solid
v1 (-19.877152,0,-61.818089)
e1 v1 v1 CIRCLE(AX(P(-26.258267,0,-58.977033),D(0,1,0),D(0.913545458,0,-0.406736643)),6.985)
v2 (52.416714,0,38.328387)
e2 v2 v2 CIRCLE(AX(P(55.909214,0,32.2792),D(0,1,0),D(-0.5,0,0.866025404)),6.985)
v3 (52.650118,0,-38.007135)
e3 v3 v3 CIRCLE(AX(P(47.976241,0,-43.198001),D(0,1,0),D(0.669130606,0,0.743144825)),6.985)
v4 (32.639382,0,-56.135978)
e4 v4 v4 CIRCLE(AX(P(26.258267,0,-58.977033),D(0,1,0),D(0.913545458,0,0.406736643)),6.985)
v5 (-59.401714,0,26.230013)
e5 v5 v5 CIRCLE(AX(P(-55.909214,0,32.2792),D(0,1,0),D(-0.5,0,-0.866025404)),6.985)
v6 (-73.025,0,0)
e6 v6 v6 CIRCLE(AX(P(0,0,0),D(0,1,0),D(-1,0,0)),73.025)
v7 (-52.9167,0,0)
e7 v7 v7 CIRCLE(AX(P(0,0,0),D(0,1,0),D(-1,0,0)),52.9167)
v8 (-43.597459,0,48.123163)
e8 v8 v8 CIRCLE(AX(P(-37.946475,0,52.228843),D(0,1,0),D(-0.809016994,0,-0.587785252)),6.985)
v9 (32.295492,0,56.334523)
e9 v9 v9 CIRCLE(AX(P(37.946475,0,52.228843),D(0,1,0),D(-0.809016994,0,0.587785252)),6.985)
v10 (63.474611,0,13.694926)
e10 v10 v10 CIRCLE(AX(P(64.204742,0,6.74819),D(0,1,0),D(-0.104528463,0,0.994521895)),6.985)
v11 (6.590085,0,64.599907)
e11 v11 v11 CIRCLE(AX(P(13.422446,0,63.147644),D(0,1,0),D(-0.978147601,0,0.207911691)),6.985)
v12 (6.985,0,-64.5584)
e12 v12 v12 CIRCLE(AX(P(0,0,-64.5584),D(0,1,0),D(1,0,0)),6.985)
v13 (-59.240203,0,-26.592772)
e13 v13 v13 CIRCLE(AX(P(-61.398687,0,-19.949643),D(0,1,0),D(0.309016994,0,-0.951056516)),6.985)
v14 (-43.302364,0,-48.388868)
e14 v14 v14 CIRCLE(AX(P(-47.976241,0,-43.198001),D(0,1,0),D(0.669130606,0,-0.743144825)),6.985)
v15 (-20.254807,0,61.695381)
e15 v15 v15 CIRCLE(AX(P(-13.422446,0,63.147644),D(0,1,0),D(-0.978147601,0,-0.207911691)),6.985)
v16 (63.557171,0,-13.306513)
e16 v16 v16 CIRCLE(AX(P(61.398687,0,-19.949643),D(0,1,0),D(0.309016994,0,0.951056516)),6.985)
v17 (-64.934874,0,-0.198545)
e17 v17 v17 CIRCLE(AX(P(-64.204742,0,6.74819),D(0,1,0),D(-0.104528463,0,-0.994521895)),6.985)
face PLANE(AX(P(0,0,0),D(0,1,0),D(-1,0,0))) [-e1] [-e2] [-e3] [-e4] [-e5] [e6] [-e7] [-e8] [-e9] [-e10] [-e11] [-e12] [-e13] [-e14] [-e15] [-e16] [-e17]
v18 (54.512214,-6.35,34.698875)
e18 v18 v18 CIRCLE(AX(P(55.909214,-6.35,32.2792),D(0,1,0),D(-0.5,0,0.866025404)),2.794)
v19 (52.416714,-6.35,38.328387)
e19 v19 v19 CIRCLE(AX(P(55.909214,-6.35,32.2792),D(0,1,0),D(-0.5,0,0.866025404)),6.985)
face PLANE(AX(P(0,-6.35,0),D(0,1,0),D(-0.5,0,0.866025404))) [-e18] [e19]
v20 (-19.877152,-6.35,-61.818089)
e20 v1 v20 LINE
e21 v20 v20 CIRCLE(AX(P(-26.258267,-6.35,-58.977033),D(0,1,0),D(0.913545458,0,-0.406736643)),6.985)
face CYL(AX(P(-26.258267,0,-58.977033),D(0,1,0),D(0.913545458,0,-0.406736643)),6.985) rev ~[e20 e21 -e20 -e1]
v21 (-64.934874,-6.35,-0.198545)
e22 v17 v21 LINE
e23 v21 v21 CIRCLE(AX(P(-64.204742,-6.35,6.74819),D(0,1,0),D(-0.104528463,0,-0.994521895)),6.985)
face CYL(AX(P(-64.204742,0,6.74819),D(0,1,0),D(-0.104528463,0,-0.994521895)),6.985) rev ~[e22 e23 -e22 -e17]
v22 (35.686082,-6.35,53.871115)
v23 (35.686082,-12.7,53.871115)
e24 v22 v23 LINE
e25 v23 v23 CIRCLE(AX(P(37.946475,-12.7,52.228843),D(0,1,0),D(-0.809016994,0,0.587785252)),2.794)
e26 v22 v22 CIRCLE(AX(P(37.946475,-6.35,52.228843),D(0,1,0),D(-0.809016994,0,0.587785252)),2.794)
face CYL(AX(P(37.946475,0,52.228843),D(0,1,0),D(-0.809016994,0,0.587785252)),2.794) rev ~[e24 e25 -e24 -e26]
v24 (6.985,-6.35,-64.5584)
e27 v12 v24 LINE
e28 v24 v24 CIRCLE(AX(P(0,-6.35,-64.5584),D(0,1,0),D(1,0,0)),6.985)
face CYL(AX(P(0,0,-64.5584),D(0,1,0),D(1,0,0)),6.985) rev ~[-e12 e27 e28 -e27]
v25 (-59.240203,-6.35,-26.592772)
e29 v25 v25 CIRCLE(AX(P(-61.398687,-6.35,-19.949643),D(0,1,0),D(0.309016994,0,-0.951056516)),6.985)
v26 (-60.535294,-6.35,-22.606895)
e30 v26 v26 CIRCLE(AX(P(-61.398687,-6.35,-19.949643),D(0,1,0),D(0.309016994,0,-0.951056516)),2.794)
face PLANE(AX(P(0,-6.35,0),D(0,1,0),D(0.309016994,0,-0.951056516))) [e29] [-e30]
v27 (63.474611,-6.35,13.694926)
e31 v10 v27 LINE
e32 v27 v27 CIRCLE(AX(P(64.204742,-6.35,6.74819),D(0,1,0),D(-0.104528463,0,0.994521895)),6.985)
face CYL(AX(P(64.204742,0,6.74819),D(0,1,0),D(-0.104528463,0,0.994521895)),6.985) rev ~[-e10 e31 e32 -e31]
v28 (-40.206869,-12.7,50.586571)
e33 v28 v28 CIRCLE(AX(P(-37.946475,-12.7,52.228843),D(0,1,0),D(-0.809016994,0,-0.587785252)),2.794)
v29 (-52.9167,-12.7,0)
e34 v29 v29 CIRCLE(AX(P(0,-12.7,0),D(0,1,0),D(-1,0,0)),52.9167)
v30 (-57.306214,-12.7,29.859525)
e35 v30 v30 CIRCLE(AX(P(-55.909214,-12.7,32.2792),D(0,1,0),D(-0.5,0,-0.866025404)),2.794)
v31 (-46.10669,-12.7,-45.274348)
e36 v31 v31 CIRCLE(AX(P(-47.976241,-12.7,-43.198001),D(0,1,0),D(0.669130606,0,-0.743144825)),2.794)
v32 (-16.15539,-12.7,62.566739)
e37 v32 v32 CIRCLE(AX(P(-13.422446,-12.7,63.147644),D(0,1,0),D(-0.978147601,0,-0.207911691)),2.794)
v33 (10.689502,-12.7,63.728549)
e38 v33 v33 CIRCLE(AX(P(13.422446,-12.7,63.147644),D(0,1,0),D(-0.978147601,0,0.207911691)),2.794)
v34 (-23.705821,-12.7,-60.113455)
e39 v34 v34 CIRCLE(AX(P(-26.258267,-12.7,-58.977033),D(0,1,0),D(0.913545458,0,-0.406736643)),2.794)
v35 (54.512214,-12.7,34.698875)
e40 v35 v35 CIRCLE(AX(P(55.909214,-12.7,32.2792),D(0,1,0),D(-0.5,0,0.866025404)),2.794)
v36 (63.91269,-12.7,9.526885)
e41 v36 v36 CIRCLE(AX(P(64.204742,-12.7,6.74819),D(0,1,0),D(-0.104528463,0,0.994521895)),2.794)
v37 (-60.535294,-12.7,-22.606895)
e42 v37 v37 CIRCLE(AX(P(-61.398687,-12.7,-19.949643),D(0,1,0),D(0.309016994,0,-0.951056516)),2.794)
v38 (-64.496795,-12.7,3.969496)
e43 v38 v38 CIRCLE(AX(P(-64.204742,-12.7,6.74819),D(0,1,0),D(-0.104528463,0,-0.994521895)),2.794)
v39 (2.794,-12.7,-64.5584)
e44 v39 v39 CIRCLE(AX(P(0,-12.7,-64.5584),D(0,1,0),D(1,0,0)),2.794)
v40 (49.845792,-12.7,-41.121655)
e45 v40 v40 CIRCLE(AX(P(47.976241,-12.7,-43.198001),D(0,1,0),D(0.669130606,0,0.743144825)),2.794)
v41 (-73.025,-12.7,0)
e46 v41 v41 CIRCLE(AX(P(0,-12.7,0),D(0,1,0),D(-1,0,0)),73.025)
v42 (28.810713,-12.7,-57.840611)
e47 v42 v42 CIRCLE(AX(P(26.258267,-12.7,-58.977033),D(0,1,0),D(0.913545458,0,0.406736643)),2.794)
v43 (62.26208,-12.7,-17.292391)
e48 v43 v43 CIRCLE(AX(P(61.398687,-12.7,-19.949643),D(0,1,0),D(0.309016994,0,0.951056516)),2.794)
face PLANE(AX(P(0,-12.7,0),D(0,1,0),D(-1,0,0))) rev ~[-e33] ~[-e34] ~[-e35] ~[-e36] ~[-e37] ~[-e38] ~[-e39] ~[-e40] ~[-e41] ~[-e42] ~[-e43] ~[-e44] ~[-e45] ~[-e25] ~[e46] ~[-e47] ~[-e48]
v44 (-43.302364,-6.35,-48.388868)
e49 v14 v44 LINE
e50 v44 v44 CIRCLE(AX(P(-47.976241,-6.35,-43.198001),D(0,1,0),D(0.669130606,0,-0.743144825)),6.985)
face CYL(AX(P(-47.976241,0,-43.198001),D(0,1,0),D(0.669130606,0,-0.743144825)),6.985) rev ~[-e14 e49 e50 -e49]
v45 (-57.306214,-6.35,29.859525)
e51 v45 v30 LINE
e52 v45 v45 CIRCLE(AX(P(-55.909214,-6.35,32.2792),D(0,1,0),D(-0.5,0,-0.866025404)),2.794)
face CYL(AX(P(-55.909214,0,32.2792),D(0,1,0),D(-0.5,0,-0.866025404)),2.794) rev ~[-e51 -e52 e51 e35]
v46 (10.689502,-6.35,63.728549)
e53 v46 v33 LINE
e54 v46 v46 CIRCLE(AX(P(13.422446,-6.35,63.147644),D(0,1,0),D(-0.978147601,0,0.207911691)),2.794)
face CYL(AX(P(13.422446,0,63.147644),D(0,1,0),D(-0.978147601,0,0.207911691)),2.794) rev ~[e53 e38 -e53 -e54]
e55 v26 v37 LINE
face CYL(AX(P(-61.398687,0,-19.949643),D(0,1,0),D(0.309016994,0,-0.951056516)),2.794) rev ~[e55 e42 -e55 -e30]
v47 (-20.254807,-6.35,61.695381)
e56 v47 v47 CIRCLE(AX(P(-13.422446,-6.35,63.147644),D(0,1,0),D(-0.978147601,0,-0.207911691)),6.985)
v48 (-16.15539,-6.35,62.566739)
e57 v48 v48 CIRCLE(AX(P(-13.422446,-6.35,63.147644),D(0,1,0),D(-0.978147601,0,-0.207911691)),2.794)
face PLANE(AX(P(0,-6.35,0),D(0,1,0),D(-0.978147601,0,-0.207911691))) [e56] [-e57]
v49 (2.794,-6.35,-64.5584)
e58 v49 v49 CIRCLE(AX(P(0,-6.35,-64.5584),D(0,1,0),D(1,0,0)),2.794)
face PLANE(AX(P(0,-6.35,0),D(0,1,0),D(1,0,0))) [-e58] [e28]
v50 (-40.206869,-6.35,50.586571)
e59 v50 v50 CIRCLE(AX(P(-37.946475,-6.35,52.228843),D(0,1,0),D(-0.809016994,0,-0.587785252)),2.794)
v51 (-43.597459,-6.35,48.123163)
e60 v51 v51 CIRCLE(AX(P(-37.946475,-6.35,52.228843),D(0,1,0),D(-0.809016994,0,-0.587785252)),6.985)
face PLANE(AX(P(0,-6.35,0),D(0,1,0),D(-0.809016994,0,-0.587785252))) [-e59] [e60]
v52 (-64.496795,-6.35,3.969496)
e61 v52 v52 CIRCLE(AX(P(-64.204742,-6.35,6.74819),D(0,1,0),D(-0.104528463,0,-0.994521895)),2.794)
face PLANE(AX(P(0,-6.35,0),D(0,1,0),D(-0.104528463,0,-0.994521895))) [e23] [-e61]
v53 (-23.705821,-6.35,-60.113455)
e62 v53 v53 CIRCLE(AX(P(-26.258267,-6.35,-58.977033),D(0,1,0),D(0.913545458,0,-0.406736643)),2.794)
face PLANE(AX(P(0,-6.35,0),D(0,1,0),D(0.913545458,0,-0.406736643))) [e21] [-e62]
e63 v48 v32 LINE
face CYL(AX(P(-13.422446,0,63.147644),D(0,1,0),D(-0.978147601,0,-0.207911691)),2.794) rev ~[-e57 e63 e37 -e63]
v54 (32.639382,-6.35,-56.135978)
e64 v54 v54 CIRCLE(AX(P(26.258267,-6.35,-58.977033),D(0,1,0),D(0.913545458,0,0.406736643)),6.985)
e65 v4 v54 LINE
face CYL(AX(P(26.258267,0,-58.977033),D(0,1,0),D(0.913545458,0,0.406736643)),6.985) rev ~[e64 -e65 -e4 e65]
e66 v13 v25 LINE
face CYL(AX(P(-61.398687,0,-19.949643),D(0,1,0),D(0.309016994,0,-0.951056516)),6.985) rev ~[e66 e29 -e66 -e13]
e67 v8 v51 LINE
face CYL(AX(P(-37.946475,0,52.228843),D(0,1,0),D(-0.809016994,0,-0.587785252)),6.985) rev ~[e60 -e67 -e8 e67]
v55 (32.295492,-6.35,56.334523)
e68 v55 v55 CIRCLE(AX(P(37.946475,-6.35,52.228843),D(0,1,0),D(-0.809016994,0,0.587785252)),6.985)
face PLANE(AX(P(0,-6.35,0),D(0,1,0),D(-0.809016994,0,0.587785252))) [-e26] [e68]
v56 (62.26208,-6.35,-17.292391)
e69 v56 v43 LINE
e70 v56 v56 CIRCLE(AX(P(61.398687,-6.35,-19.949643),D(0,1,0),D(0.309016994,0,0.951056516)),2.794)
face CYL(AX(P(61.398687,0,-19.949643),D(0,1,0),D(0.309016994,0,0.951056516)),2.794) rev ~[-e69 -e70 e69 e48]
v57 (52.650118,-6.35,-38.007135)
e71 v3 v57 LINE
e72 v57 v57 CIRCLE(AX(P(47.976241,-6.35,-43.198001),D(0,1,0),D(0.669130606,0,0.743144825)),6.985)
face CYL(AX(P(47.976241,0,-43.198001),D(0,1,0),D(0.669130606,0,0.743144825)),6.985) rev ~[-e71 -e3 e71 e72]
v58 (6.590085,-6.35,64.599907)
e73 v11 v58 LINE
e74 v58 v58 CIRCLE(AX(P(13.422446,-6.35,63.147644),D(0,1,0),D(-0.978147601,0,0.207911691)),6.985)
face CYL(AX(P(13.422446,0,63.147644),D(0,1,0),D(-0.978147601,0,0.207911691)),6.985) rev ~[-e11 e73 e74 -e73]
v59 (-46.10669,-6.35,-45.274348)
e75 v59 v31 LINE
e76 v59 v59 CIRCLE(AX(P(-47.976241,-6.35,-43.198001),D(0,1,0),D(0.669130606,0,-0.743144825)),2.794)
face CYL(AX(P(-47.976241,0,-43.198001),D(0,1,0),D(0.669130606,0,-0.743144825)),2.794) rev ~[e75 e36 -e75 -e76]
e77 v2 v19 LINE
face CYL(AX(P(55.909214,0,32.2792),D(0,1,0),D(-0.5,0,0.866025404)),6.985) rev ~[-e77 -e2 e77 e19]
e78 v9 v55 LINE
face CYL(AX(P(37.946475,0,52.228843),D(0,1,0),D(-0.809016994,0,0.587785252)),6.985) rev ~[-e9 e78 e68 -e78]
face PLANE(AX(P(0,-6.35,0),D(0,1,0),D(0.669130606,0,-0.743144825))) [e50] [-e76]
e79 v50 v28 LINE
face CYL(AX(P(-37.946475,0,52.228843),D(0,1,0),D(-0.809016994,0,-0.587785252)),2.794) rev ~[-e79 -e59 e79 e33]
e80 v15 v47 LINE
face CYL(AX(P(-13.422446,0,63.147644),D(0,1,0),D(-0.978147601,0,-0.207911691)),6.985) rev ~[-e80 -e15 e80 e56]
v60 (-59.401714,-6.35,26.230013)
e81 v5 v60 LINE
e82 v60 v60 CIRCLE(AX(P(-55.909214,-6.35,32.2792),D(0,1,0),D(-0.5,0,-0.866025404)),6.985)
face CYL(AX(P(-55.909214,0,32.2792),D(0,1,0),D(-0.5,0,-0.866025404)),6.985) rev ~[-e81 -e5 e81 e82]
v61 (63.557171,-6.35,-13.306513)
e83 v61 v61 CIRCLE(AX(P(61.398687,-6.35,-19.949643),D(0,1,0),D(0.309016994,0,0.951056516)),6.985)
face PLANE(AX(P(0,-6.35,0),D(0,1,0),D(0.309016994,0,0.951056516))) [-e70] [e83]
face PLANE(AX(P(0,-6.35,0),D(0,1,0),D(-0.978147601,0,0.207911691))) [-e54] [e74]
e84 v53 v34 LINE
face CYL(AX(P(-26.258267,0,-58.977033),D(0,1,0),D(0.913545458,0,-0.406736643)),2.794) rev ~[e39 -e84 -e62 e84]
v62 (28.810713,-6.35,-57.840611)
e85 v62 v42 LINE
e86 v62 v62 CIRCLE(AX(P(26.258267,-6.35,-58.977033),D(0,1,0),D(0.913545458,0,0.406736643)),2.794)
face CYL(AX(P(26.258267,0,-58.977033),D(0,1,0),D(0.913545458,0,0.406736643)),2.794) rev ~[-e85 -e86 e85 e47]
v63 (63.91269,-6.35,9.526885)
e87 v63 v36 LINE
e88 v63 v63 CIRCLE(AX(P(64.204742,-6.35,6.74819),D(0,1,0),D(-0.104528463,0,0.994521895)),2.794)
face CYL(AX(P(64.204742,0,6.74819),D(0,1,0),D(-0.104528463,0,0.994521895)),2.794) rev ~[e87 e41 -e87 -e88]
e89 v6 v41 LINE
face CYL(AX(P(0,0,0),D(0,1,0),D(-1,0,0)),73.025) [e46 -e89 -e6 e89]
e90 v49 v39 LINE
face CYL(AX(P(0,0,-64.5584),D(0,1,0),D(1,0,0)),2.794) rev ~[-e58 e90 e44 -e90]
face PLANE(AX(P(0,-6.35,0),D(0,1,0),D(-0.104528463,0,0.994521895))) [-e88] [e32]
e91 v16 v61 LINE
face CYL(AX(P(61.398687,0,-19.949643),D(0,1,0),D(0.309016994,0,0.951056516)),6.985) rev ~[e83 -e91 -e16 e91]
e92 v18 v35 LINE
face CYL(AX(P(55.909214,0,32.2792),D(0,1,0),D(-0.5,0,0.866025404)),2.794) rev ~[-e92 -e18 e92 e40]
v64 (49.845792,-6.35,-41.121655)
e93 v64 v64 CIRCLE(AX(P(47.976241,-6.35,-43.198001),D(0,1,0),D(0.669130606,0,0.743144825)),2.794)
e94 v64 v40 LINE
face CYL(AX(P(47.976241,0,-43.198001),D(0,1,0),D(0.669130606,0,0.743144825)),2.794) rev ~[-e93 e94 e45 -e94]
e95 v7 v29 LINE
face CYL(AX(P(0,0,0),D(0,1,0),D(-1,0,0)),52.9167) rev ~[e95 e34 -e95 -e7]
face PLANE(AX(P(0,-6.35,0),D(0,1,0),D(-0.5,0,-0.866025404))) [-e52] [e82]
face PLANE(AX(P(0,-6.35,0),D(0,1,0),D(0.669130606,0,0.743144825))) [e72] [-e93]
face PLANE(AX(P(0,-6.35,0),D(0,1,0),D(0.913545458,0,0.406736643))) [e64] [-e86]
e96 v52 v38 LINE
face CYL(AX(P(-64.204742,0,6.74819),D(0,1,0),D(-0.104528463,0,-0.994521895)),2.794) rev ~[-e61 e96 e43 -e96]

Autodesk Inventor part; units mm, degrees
ref_plane "YZ Plane" through (0, 0, 0) normal (1, 0, 0) x (0, 1, 0)
ref_plane "XZ Plane" through (0, 0, 0) normal (0, 1, 0) x (-1, 0, 0)
ref_plane "XY Plane" through (0, 0, 0) normal (0, 0, 1) x (1, 0, 0)
sketch "Sketch1" plane through (0, 0, 0) normal (0, 1, 0) x (-1, 0, 0)
  circle A0 centre (0, 0) radius 52.9167
  circle A1 centre (0, 0) radius 73.025
  dimension "d0" = 105.8333
  dimension "d1" = 146.05
extrude "Extrusion1" add sketch "Sketch1" against normal blind 12.7
sketch "Sketch2" plane through (0, 0, 0) normal (0, 1, 0) x (1, 0, 0)
  circle A0 centre (0, 64.5584) radius 2.794
  point P0 (0, 0)
  dimension "d5" = 5.588
  dimension "d6" = 64.5584
extrude "Extrusion2" cut sketch "Sketch2" against normal through all
sketch "Sketch3" plane through (0, 0, 0) normal (0, 1, 0) x (1, 0, 0)
  circle A0 centre (0, 64.5584) radius 6.985
  point P0 (0, 0)
  dimension "d9" = 64.5584
  dimension "d10" = 13.97
extrude "Extrusion3" cut sketch "Sketch3" against normal blind 6.35
pattern_circular "Circular Pattern3" count 15 over 360 about axis through (0, 0, 0) along (0, -1, 0) of "Extrusion2", "Extrusion3"
properties part number "wormGearSupport"
